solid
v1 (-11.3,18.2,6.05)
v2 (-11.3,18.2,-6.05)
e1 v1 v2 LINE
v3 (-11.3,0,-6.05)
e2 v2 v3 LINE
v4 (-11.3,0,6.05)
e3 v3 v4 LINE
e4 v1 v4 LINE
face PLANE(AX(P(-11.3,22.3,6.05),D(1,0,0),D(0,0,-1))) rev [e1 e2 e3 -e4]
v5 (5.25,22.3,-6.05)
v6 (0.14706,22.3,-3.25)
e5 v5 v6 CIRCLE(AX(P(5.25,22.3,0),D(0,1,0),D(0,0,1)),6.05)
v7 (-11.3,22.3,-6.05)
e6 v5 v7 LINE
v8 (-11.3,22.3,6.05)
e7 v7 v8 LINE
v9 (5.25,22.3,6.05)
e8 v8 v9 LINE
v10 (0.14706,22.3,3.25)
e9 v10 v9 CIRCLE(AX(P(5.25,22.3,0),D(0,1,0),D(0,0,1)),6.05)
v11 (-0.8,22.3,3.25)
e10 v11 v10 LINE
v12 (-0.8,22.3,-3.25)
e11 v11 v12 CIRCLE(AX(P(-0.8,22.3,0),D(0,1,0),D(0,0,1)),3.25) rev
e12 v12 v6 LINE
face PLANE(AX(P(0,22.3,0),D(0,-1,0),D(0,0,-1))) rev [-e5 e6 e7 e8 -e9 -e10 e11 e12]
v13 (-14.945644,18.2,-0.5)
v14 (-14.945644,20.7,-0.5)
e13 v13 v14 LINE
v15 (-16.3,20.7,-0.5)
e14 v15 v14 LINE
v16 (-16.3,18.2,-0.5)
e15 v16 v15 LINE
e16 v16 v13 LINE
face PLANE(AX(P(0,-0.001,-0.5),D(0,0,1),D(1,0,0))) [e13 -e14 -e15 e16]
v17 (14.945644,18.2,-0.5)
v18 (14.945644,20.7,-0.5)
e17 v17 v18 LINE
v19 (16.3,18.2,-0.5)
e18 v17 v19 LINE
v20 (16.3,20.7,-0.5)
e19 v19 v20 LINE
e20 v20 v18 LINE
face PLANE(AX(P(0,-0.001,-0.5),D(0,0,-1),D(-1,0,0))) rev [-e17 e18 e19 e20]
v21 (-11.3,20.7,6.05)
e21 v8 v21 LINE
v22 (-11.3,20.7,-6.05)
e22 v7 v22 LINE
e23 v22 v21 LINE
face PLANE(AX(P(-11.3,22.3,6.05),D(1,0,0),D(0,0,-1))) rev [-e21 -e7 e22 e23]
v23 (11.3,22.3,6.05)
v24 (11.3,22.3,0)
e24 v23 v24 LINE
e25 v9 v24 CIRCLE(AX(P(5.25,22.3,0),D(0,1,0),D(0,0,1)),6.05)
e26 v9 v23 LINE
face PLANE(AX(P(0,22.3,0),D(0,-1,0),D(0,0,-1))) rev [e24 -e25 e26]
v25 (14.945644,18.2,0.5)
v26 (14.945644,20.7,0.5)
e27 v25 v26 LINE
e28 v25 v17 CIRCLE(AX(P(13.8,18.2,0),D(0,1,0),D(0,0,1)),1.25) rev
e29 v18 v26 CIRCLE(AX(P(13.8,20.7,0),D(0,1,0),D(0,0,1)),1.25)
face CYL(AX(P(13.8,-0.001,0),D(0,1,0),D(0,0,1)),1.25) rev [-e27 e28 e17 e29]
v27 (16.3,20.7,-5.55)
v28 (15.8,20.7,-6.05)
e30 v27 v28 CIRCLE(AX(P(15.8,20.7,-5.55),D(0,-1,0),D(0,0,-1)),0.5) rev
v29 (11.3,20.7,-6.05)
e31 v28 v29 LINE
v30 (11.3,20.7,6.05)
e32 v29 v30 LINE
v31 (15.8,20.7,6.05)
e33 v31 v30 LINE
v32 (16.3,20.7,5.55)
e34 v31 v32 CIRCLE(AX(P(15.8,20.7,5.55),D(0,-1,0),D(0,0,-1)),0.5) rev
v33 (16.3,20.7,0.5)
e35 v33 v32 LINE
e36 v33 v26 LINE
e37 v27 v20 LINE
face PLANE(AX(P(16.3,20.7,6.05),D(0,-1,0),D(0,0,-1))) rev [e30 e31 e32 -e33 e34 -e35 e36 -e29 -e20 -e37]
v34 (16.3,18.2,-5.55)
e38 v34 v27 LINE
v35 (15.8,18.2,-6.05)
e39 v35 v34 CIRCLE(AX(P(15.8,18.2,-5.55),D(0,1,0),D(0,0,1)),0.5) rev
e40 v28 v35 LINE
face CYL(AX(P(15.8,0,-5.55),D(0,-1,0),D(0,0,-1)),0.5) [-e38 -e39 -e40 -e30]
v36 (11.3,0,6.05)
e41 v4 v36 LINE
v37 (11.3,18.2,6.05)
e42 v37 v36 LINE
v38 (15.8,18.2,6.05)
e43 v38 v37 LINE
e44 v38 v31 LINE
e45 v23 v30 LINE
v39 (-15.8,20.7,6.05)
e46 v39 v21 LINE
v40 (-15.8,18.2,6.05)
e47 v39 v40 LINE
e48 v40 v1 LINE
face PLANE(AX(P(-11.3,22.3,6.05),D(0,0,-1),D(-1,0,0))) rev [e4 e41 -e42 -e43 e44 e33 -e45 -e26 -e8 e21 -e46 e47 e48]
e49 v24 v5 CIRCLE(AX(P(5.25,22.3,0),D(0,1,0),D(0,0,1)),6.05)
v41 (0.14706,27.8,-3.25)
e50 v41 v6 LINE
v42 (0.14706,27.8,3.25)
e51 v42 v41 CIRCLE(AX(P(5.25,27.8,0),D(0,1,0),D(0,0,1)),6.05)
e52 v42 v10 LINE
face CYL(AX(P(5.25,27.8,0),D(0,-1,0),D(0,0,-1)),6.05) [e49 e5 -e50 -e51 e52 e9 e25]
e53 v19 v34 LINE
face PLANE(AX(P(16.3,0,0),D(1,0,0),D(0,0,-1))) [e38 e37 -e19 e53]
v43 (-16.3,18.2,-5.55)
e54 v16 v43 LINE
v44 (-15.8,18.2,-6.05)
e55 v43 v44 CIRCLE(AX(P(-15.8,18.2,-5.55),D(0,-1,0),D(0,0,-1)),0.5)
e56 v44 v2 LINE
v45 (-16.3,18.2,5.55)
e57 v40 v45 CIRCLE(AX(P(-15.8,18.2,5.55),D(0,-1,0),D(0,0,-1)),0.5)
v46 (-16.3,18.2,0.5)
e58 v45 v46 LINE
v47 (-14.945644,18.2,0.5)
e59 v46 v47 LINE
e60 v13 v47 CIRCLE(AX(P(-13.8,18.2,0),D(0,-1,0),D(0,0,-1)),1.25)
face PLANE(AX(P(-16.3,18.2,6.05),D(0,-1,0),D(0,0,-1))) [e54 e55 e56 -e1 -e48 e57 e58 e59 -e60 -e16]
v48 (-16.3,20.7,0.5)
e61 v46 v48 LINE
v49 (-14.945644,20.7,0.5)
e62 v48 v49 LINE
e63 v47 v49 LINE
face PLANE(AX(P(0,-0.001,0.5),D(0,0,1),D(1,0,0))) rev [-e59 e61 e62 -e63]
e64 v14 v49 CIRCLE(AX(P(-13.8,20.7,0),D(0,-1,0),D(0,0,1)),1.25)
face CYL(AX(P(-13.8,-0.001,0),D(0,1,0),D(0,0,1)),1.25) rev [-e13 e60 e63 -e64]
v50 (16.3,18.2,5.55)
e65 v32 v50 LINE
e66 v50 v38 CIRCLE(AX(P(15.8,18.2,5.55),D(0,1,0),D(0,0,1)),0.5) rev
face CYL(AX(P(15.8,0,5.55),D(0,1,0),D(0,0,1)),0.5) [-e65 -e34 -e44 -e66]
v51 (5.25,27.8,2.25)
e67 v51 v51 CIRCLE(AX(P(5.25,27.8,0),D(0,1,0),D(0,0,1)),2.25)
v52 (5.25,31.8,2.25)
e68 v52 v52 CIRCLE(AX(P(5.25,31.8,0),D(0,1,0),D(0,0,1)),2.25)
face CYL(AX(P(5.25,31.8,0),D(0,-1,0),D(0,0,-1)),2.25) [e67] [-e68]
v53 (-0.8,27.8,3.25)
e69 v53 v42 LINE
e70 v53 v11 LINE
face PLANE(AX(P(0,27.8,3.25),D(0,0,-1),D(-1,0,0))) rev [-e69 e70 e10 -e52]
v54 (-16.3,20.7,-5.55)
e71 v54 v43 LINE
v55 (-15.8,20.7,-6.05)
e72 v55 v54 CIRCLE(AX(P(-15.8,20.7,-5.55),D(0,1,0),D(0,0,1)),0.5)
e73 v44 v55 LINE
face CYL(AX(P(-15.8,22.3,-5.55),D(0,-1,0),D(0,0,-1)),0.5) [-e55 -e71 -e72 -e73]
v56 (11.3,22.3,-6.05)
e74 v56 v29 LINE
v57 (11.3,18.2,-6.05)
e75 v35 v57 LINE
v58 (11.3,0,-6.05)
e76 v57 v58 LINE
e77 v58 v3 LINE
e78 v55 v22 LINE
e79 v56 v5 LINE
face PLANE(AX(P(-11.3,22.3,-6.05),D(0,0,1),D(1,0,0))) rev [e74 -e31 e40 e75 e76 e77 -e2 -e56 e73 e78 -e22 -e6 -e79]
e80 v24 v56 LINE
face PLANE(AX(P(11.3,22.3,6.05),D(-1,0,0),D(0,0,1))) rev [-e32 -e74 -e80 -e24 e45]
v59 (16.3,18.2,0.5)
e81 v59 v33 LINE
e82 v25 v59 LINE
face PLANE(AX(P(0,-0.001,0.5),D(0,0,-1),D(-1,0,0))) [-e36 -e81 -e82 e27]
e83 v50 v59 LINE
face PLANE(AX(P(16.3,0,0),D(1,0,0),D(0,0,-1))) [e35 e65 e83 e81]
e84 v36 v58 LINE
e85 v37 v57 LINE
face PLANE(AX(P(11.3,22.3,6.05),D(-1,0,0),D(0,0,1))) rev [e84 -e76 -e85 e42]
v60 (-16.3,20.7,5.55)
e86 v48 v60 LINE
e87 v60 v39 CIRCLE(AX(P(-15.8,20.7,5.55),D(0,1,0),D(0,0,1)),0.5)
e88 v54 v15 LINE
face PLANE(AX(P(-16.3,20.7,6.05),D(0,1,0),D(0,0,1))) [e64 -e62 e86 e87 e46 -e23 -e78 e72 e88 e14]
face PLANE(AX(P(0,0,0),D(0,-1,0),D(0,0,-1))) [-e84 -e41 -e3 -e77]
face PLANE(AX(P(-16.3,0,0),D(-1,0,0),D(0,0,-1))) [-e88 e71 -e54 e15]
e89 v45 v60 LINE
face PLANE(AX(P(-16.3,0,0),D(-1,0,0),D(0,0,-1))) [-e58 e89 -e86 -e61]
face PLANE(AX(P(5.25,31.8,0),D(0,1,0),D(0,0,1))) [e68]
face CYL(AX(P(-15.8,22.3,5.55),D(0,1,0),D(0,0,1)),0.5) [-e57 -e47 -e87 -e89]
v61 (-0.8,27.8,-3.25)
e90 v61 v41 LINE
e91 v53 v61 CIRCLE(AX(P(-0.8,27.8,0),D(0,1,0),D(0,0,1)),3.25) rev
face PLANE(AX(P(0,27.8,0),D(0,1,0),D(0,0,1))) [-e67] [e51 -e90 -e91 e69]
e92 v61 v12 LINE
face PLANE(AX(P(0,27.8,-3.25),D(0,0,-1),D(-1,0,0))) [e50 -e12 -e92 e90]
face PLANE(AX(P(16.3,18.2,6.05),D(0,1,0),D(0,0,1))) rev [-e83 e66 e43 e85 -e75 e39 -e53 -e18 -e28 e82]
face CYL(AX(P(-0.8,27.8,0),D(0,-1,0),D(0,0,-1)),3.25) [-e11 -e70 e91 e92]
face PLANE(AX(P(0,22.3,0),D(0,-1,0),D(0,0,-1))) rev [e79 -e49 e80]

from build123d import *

# Parameters (mm, degrees)
SKETCH1_W           = 22.6
SKETCH1_H           = 12.1
BOSS_EXTRUDE1_DEPTH = 22.3
SKETCH2_W           = 12.1
SKETCH2_H           = 2.5
BOSS_EXTRUDE2_DEPTH = 5
BOSS_EXTRUDE3_DEPTH = 5.5
SKETCH4_R           = 2.25
BOSS_EXTRUDE4_DEPTH = 4
CUT_EXTRUDE1_REACH  = 29.033
FILLET1_R           = 0.5


with BuildPart() as part:
    # Sketch1 → Boss-Extrude1 (new body)
    with BuildSketch(Plane(origin=(0, 0, 0), x_dir=(1, 0, 0), z_dir=(0, 1, 0))):
        Rectangle(SKETCH1_W, SKETCH1_H)
    extrude(amount=BOSS_EXTRUDE1_DEPTH)

    # Sketch2 → Boss-Extrude2 (add)
    with BuildSketch(Plane(origin=(11.3, 0, 0), x_dir=(0, 0, -1), z_dir=(1, 0, 0))):
        with Locations((0, 19.45)):
            Rectangle(SKETCH2_W, SKETCH2_H)
    boss_extrude2 = extrude(amount=BOSS_EXTRUDE2_DEPTH)

    # Mirror1: Boss-Extrude2 across plane
    add(boss_extrude2.mirror(Plane(origin=(0, 0, 0), x_dir=(0, 0, 1), z_dir=(1, 0, 0))))

    # Sketch3 → Boss-Extrude3 (add)
    with BuildSketch(Plane(origin=(0, 22.3, 0), x_dir=(1, 0, 0), z_dir=(0, 1, 0))):
        with BuildLine():
            ThreePointArc((-0.8, 3.25), (-4.05, 0), (-0.8, -3.25))
            Line((-0.8, -3.25), (0.147059671, -3.25))
            ThreePointArc((0.147059671, -3.25), (11.3, 0), (0.147059671, 3.25))
            Line((0.147059671, 3.25), (-0.8, 3.25))
        make_face()
    extrude(amount=BOSS_EXTRUDE3_DEPTH)

    # Sketch4 → Boss-Extrude4 (add)
    with BuildSketch(Plane(origin=(0, 27.8, 0), x_dir=(1, 0, 0), z_dir=(0, 1, 0))):
        with Locations(Location((5.25, 0, 0), (0, 0, 270))):
            Circle(SKETCH4_R)
    extrude(amount=BOSS_EXTRUDE4_DEPTH)

    # Sketch6 → Cut-Extrude1 (cut, up to next)
    with BuildSketch(Plane(origin=(0, 20.7, 0), x_dir=(1, 0, 0), z_dir=(0, 1, 0)), mode=Mode.PRIVATE) as cut_extrude1_sk1:
        with BuildLine():
            Line((16.3, -0.5), (16.3, 0))
            Line((16.3, 0), (15.05, 0))
            ThreePointArc((15.05, 0), (15.023632891, -0.255387055), (14.945643924, -0.5))
            Line((14.945643924, -0.5), (16.3, -0.5))
        make_face()
    cut_extrude1_tool1 = extrude(cut_extrude1_sk1.sketch, amount=-CUT_EXTRUDE1_REACH, mode=Mode.PRIVATE) & part.part
    # Sketch6 → Cut-Extrude1 (cut, up to next)
    with BuildSketch(Plane(origin=(0, 20.7, 0), x_dir=(1, 0, 0), z_dir=(0, 1, 0)), mode=Mode.PRIVATE) as cut_extrude1_sk2:
        with BuildLine():
            Line((15.05, 0), (16.3, 0))
            Line((16.3, 0), (16.3, 0.5))
            Line((16.3, 0.5), (14.945643924, 0.5))
            ThreePointArc((14.945643924, 0.5), (15.023632891, 0.255387055), (15.05, 0))
        make_face()
    cut_extrude1_tool2 = extrude(cut_extrude1_sk2.sketch, amount=-CUT_EXTRUDE1_REACH, mode=Mode.PRIVATE) & part.part
    # Sketch6 → Cut-Extrude1 (cut, up to next)
    with BuildSketch(Plane(origin=(0, 20.7, 0), x_dir=(1, 0, 0), z_dir=(0, 1, 0)), mode=Mode.PRIVATE) as cut_extrude1_sk3:
        with BuildLine():
            ThreePointArc((14.945643924, -0.5), (15.023632891, -0.255387055), (15.05, 0))
            Line((15.05, 0), (12.55, 0))
            ThreePointArc((12.55, 0), (13.544612945, -1.223632891), (14.945643924, -0.5))
        make_face()
    cut_extrude1_tool3 = extrude(cut_extrude1_sk3.sketch, amount=-CUT_EXTRUDE1_REACH, mode=Mode.PRIVATE) & part.part
    # Sketch6 → Cut-Extrude1 (cut, up to next)
    with BuildSketch(Plane(origin=(0, 20.7, 0), x_dir=(1, 0, 0), z_dir=(0, 1, 0)), mode=Mode.PRIVATE) as cut_extrude1_sk4:
        with BuildLine():
            Line((12.55, 0), (15.05, 0))
            ThreePointArc((15.05, 0), (15.023632891, 0.255387055), (14.945643924, 0.5))
            ThreePointArc((14.945643924, 0.5), (13.544612945, 1.223632891), (12.55, 0))
        make_face()
    cut_extrude1_tool4 = extrude(cut_extrude1_sk4.sketch, amount=-CUT_EXTRUDE1_REACH, mode=Mode.PRIVATE) & part.part
    # Sketch6 → Cut-Extrude1 (cut, up to next)
    with BuildSketch(Plane(origin=(0, 20.7, 0), x_dir=(1, 0, 0), z_dir=(0, 1, 0)), mode=Mode.PRIVATE) as cut_extrude1_sk5:
        with BuildLine():
            ThreePointArc((14.945643924, -0.5), (15.023632891, -0.255387055), (15.05, 0))
            Line((15.05, 0), (12.55, 0))
            ThreePointArc((12.55, 0), (13.544612945, -1.223632891), (14.945643924, -0.5))
        make_face()
    cut_extrude1_tool5 = extrude(cut_extrude1_sk5.sketch, amount=-CUT_EXTRUDE1_REACH, mode=Mode.PRIVATE) & part.part
    # Sketch6 → Cut-Extrude1 (cut, up to next)
    with BuildSketch(Plane(origin=(0, 20.7, 0), x_dir=(1, 0, 0), z_dir=(0, 1, 0)), mode=Mode.PRIVATE) as cut_extrude1_sk6:
        with BuildLine():
            Line((12.55, 0), (15.05, 0))
            ThreePointArc((15.05, 0), (15.023632891, 0.255387055), (14.945643924, 0.5))
            ThreePointArc((14.945643924, 0.5), (13.544612945, 1.223632891), (12.55, 0))
        make_face()
    cut_extrude1_tool6 = extrude(cut_extrude1_sk6.sketch, amount=-CUT_EXTRUDE1_REACH, mode=Mode.PRIVATE) & part.part
    cut_extrude1_1 = cut_extrude1_tool1.solids().sort_by_distance((15.657536, 20.7, 0.253356))[0]
    add(cut_extrude1_1, mode=Mode.SUBTRACT)
    cut_extrude1_2 = cut_extrude1_tool2.solids().sort_by_distance((15.657536, 20.7, -0.253356))[0]
    add(cut_extrude1_2, mode=Mode.SUBTRACT)
    cut_extrude1_3 = cut_extrude1_tool3.solids().sort_by_distance((13.8, 20.7, 0.530516))[0]
    add(cut_extrude1_3, mode=Mode.SUBTRACT)
    cut_extrude1_4 = cut_extrude1_tool4.solids().sort_by_distance((13.8, 20.7, -0.530516))[0]
    add(cut_extrude1_4, mode=Mode.SUBTRACT)
    cut_extrude1_5 = cut_extrude1_tool5.solids().sort_by_distance((13.8, 20.7, 0.530516))[0]
    add(cut_extrude1_5, mode=Mode.SUBTRACT)
    cut_extrude1_6 = cut_extrude1_tool6.solids().sort_by_distance((13.8, 20.7, -0.530516))[0]
    add(cut_extrude1_6, mode=Mode.SUBTRACT)
    cut_extrude1 = cut_extrude1_1 + cut_extrude1_2 + cut_extrude1_3 + cut_extrude1_4 + cut_extrude1_5 + cut_extrude1_6  # Cut-Extrude1 as one shape, for the pattern or mirror that repeats it

    # Mirror2: Cut-Extrude1 across plane
    add(cut_extrude1.mirror(Plane(origin=(0, 0, 0), x_dir=(0, 0, 1), z_dir=(1, 0, 0))), mode=Mode.SUBTRACT)

    # Fillet1
    fillet1_edges = [part.edges().sort_by_distance(p)[0] for p in [
        (16.3, 19.45, -6.05),
        (16.3, 19.45, 6.05),
        (-16.3, 19.45, -6.05),
        (-16.3, 19.45, 6.05),
    ]]
    fillet(fillet1_edges, radius=FILLET1_R)


solid = part.part
